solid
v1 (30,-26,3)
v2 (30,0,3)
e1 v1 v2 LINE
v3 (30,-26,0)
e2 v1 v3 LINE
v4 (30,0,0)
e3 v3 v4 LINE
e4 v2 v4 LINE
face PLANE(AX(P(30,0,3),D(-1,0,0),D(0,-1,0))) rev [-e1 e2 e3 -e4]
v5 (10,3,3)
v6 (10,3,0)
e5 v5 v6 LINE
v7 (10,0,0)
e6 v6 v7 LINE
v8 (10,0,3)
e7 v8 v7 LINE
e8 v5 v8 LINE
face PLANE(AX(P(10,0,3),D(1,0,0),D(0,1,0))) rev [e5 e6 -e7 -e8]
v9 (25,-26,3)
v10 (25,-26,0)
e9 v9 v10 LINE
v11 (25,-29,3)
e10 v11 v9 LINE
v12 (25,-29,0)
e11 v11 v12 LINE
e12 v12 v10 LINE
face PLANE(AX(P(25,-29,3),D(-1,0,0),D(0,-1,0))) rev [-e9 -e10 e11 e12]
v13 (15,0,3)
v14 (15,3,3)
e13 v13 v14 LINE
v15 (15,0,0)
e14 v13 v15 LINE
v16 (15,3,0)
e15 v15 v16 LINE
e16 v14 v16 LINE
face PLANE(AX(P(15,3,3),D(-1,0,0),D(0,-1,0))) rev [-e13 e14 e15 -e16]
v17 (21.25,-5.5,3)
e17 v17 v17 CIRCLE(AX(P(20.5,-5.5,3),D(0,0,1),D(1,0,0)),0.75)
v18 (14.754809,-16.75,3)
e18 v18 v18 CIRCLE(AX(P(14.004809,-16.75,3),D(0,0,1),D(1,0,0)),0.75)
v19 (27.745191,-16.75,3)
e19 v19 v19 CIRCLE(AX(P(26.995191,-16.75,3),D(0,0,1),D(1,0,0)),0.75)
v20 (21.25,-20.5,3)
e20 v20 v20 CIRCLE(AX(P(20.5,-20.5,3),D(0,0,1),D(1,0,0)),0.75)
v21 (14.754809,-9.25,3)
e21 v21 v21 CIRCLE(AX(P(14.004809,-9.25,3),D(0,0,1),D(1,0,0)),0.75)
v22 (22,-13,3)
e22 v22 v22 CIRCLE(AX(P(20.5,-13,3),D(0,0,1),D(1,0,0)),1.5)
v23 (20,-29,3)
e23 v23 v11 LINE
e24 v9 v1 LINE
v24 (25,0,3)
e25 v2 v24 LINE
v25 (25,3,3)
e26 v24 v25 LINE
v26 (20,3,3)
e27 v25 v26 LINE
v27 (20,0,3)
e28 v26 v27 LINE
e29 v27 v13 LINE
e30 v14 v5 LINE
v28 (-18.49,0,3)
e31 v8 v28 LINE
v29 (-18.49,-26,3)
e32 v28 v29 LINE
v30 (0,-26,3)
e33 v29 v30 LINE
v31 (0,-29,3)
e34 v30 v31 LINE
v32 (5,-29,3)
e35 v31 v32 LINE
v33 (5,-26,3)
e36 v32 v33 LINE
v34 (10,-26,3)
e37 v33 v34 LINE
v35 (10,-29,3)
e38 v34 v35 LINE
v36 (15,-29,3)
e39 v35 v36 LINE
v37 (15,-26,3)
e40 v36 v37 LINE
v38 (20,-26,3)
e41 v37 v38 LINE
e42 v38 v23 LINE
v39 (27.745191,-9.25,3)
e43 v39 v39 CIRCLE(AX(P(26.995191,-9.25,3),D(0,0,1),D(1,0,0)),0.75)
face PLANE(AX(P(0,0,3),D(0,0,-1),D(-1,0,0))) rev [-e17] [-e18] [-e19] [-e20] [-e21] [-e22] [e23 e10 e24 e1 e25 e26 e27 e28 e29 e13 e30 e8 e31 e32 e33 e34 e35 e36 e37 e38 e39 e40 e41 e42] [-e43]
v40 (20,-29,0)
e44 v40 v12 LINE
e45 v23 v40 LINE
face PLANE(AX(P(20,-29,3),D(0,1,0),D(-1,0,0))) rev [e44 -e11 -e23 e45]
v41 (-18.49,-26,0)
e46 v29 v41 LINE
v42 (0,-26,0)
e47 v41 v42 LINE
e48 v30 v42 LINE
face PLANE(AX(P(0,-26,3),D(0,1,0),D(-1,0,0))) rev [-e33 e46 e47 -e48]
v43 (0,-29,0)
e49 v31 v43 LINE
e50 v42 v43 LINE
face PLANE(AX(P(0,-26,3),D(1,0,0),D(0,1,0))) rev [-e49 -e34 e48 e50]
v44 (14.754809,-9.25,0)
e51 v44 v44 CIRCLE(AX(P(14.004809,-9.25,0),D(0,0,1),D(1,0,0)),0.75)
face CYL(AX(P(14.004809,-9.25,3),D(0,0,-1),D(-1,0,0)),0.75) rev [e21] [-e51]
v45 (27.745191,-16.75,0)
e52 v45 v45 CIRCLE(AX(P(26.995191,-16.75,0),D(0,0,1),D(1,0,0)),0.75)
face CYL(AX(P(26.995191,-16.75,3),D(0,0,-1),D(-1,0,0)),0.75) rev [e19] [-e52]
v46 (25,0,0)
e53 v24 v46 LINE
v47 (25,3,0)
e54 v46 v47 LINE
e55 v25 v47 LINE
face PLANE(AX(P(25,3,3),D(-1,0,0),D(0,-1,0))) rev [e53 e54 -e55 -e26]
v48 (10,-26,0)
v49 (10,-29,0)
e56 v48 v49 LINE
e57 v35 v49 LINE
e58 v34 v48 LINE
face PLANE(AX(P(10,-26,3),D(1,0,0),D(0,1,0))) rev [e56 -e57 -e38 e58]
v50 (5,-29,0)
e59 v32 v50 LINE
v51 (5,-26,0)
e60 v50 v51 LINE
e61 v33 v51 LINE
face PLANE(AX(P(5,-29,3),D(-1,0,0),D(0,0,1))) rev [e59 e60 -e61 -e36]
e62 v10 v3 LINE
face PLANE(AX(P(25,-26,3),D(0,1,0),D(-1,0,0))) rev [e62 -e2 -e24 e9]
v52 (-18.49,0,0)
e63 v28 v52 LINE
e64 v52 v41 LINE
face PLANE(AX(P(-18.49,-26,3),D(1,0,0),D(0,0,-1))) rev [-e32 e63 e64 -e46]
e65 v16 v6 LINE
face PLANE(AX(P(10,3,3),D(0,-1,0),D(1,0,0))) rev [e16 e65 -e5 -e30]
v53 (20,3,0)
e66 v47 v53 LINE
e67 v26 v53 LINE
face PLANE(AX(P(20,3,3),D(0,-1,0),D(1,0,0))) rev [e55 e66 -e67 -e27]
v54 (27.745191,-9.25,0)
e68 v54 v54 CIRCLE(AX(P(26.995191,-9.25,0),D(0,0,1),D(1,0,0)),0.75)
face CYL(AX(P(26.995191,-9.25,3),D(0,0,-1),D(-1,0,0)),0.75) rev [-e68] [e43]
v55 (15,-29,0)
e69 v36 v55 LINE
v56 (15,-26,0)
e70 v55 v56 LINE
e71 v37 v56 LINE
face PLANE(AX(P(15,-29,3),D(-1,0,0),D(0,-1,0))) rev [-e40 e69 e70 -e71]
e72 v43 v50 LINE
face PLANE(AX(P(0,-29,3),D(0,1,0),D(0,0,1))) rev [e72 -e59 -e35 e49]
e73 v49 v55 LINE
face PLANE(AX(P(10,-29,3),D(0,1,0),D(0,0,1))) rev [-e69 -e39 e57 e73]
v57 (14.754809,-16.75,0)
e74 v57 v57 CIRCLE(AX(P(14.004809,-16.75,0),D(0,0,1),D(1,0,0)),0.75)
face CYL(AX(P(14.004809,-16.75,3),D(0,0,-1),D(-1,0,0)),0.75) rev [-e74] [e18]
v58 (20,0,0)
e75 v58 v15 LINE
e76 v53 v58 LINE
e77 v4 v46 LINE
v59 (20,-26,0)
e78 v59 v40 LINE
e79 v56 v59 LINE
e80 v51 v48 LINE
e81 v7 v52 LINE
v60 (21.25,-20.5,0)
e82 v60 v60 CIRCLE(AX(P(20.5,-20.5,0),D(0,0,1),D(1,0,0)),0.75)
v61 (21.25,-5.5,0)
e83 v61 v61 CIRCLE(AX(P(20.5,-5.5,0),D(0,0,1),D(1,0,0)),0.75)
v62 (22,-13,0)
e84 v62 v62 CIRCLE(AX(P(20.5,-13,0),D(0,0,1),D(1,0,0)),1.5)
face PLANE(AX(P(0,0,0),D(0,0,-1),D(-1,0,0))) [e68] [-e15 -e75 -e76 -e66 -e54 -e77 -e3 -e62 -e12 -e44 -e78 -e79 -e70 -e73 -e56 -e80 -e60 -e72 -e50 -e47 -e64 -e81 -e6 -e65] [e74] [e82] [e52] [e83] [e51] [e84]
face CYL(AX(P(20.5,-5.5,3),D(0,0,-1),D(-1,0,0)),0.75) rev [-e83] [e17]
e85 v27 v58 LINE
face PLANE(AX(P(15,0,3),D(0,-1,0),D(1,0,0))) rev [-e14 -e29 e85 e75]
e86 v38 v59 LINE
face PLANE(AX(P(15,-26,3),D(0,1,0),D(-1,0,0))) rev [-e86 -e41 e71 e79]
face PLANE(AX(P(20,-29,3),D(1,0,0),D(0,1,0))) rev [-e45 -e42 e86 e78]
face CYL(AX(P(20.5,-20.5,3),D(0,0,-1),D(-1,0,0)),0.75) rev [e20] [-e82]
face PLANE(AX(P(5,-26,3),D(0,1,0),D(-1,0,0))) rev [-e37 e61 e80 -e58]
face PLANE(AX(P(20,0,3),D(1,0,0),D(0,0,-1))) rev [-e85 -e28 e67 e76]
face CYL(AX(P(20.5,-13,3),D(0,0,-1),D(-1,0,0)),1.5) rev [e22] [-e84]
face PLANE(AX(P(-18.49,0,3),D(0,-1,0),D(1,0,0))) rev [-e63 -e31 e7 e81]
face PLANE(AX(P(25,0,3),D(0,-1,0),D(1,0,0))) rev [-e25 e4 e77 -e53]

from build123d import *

# Parameters (mm, degrees)
SKETCH1_R           = 0.75
SKETCH1_R_2         = 1.5
BOSS_EXTRUDE1_DEPTH = 3


with BuildPart() as part:
    # Sketch1 → Boss-Extrude1 (new body)
    with BuildSketch(Plane.XY):
        Polygon((10, 0), (10, 3), (15, 3), (15, 0), (20, 0), (20, 3), (25, 3), (25, 0), (30, 0), (30, -26), (25, -26), (25, -29), (20, -29), (20, -26), (15, -26), (15, -29), (10, -29), (10, -26), (5, -26), (5, -29), (0, -29), (0, -26), (-18.49, -26), (-18.49, 0), (0, 0), align=None)
        with Locations((20.5, -5.5)):
            Circle(SKETCH1_R, mode=Mode.SUBTRACT)
        with Locations((26.995190528, -9.25)):
            Circle(SKETCH1_R, mode=Mode.SUBTRACT)
        with Locations((26.995190528, -16.75)):
            Circle(SKETCH1_R, mode=Mode.SUBTRACT)
        with Locations((20.5, -20.5)):
            Circle(SKETCH1_R, mode=Mode.SUBTRACT)
        with Locations((14.004809472, -16.75)):
            Circle(SKETCH1_R, mode=Mode.SUBTRACT)
        with Locations((14.004809472, -9.25)):
            Circle(SKETCH1_R, mode=Mode.SUBTRACT)
        with Locations((20.5, -13)):
            Circle(SKETCH1_R_2, mode=Mode.SUBTRACT)
    extrude(amount=BOSS_EXTRUDE1_DEPTH)


solid = part.part
